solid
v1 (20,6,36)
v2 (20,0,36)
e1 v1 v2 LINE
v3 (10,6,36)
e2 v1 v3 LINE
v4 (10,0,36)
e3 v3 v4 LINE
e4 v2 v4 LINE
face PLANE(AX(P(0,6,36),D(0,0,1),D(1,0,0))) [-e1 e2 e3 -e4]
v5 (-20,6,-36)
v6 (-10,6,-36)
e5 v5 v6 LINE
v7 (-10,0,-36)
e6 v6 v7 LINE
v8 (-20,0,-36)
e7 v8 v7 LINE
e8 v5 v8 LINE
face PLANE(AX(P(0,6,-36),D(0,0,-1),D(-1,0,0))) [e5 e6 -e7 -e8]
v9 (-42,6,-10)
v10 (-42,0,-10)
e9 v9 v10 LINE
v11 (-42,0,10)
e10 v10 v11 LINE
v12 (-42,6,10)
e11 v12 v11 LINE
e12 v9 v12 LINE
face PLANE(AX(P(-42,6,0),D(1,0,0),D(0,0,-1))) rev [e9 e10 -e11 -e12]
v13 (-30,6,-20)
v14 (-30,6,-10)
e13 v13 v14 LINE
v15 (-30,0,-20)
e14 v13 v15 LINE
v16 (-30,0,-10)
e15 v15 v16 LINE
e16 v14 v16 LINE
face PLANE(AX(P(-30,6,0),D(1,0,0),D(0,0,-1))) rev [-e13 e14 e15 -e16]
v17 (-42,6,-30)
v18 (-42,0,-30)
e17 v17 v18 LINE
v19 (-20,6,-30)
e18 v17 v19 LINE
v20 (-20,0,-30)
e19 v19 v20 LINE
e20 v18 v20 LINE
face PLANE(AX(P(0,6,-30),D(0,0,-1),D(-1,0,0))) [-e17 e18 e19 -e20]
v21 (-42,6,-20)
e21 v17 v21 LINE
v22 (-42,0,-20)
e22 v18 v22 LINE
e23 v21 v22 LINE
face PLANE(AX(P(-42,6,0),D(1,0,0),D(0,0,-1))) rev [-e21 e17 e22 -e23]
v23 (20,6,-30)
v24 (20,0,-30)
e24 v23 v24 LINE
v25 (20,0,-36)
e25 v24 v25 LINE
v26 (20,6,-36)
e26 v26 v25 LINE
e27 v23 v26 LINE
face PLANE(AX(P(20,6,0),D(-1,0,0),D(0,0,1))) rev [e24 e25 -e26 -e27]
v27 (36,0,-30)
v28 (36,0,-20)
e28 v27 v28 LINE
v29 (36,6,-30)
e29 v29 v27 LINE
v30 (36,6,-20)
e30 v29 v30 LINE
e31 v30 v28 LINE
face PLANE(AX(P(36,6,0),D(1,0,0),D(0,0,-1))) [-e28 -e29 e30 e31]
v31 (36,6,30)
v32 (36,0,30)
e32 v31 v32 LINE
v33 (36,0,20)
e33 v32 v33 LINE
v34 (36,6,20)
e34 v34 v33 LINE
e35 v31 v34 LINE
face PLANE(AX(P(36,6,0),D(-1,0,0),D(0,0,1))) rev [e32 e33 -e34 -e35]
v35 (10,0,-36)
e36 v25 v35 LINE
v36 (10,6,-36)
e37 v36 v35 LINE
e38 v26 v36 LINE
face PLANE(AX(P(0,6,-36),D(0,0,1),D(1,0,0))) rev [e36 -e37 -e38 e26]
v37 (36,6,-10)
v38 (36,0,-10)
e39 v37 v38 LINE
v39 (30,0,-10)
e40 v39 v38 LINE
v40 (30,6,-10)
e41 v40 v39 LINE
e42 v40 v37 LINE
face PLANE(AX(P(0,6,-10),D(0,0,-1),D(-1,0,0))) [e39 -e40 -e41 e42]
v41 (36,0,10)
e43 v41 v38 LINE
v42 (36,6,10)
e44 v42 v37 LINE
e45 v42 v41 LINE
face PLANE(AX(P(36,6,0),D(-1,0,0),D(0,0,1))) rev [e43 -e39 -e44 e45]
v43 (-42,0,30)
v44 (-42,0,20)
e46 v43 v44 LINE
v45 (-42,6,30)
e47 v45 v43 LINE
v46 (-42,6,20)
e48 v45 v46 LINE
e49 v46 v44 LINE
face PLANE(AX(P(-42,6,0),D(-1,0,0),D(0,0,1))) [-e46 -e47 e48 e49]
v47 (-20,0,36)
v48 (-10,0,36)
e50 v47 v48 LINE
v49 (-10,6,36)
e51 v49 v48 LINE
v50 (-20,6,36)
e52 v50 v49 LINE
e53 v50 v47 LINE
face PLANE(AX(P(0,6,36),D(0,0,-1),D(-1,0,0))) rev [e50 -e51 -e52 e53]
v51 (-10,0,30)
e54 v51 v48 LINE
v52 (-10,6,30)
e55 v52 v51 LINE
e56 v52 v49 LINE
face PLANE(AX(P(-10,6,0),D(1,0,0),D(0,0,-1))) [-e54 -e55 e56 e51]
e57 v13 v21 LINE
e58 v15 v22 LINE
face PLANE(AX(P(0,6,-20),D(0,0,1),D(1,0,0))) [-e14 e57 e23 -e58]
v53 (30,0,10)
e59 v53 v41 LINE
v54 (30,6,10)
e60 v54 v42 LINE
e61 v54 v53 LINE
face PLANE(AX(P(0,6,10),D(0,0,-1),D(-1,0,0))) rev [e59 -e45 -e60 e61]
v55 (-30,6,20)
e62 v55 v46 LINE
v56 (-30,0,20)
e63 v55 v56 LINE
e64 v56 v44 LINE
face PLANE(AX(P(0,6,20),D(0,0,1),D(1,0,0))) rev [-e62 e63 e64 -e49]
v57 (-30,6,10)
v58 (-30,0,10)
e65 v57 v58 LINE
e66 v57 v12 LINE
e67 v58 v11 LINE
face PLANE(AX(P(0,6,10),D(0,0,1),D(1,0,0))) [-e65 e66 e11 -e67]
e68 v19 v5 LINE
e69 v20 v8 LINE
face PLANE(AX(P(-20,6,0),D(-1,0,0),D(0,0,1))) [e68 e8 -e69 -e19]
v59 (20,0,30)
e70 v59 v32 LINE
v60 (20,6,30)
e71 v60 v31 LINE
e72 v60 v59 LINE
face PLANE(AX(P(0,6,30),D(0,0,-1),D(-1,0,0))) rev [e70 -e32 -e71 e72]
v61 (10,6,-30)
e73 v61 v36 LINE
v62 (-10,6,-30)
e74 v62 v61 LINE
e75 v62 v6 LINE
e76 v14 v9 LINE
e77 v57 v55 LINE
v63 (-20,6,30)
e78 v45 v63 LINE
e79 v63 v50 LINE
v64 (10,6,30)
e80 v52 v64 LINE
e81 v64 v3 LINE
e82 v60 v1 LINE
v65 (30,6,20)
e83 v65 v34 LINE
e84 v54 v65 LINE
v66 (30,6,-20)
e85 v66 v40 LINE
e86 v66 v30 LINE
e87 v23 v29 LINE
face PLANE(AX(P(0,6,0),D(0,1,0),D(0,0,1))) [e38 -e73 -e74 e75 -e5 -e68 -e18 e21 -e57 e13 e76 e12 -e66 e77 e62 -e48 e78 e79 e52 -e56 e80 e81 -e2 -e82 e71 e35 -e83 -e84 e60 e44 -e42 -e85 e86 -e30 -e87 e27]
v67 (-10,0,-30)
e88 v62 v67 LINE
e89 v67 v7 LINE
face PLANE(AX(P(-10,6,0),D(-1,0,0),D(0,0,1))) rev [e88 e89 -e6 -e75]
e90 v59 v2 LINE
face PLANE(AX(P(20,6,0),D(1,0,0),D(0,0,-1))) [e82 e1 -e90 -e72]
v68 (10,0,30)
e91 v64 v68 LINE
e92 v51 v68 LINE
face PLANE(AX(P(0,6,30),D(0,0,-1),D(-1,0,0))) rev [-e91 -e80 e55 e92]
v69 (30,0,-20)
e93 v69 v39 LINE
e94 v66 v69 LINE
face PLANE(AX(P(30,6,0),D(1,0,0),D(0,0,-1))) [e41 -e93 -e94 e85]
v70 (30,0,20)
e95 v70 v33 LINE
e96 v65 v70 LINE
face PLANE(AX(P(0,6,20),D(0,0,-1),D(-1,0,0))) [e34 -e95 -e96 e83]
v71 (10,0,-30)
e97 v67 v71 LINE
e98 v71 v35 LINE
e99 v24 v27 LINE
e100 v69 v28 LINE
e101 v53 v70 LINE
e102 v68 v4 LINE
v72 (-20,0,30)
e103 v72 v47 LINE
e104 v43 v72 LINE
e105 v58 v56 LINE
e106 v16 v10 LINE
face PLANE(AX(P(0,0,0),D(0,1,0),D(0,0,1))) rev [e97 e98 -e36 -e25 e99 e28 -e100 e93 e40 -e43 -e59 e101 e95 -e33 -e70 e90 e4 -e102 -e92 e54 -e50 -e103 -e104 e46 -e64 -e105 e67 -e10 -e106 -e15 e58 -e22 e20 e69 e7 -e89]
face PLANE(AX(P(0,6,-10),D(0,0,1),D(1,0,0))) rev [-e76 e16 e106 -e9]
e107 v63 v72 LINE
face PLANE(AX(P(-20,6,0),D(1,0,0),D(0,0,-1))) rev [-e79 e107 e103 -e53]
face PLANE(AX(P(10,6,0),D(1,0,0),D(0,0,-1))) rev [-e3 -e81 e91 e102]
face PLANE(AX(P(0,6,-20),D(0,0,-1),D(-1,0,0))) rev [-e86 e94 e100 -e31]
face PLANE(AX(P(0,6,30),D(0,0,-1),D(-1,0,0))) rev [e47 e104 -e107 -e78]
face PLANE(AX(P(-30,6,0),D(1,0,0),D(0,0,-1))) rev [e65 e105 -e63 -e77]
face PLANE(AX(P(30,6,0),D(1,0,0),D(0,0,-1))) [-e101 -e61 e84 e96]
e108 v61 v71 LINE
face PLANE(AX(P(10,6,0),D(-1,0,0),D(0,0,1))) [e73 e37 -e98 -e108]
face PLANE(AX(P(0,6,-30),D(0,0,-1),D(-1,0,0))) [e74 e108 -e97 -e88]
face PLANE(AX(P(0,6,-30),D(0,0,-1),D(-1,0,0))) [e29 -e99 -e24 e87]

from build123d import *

# Parameters (mm, degrees)
BOSS_EXTRUDE1_DEPTH = 6


with BuildPart() as part:
    # Sketch1 → Boss-Extrude1 (new body)
    with BuildSketch(Plane(origin=(0, 0, 0), x_dir=(1, 0, 0), z_dir=(0, 1, 0))):
        Polygon((-42, 30), (-42, 20), (-30, 20), (-30, 10), (-42, 10), (-42, -10), (-30, -10), (-30, -20), (-42, -20), (-42, -30), (-20, -30), (-20, -36), (-10, -36), (-10, -30), (10, -30), (10, -36), (20, -36), (20, -30), (36, -30), (36, -20), (30, -20), (30, -10), (36, -10), (36, 10), (30, 10), (30, 20), (36, 20), (36, 30), (20, 30), (20, 36), (10, 36), (10, 30), (-10, 30), (-10, 36), (-20, 36), (-20, 30), align=None)
    extrude(amount=BOSS_EXTRUDE1_DEPTH)


solid = part.part
